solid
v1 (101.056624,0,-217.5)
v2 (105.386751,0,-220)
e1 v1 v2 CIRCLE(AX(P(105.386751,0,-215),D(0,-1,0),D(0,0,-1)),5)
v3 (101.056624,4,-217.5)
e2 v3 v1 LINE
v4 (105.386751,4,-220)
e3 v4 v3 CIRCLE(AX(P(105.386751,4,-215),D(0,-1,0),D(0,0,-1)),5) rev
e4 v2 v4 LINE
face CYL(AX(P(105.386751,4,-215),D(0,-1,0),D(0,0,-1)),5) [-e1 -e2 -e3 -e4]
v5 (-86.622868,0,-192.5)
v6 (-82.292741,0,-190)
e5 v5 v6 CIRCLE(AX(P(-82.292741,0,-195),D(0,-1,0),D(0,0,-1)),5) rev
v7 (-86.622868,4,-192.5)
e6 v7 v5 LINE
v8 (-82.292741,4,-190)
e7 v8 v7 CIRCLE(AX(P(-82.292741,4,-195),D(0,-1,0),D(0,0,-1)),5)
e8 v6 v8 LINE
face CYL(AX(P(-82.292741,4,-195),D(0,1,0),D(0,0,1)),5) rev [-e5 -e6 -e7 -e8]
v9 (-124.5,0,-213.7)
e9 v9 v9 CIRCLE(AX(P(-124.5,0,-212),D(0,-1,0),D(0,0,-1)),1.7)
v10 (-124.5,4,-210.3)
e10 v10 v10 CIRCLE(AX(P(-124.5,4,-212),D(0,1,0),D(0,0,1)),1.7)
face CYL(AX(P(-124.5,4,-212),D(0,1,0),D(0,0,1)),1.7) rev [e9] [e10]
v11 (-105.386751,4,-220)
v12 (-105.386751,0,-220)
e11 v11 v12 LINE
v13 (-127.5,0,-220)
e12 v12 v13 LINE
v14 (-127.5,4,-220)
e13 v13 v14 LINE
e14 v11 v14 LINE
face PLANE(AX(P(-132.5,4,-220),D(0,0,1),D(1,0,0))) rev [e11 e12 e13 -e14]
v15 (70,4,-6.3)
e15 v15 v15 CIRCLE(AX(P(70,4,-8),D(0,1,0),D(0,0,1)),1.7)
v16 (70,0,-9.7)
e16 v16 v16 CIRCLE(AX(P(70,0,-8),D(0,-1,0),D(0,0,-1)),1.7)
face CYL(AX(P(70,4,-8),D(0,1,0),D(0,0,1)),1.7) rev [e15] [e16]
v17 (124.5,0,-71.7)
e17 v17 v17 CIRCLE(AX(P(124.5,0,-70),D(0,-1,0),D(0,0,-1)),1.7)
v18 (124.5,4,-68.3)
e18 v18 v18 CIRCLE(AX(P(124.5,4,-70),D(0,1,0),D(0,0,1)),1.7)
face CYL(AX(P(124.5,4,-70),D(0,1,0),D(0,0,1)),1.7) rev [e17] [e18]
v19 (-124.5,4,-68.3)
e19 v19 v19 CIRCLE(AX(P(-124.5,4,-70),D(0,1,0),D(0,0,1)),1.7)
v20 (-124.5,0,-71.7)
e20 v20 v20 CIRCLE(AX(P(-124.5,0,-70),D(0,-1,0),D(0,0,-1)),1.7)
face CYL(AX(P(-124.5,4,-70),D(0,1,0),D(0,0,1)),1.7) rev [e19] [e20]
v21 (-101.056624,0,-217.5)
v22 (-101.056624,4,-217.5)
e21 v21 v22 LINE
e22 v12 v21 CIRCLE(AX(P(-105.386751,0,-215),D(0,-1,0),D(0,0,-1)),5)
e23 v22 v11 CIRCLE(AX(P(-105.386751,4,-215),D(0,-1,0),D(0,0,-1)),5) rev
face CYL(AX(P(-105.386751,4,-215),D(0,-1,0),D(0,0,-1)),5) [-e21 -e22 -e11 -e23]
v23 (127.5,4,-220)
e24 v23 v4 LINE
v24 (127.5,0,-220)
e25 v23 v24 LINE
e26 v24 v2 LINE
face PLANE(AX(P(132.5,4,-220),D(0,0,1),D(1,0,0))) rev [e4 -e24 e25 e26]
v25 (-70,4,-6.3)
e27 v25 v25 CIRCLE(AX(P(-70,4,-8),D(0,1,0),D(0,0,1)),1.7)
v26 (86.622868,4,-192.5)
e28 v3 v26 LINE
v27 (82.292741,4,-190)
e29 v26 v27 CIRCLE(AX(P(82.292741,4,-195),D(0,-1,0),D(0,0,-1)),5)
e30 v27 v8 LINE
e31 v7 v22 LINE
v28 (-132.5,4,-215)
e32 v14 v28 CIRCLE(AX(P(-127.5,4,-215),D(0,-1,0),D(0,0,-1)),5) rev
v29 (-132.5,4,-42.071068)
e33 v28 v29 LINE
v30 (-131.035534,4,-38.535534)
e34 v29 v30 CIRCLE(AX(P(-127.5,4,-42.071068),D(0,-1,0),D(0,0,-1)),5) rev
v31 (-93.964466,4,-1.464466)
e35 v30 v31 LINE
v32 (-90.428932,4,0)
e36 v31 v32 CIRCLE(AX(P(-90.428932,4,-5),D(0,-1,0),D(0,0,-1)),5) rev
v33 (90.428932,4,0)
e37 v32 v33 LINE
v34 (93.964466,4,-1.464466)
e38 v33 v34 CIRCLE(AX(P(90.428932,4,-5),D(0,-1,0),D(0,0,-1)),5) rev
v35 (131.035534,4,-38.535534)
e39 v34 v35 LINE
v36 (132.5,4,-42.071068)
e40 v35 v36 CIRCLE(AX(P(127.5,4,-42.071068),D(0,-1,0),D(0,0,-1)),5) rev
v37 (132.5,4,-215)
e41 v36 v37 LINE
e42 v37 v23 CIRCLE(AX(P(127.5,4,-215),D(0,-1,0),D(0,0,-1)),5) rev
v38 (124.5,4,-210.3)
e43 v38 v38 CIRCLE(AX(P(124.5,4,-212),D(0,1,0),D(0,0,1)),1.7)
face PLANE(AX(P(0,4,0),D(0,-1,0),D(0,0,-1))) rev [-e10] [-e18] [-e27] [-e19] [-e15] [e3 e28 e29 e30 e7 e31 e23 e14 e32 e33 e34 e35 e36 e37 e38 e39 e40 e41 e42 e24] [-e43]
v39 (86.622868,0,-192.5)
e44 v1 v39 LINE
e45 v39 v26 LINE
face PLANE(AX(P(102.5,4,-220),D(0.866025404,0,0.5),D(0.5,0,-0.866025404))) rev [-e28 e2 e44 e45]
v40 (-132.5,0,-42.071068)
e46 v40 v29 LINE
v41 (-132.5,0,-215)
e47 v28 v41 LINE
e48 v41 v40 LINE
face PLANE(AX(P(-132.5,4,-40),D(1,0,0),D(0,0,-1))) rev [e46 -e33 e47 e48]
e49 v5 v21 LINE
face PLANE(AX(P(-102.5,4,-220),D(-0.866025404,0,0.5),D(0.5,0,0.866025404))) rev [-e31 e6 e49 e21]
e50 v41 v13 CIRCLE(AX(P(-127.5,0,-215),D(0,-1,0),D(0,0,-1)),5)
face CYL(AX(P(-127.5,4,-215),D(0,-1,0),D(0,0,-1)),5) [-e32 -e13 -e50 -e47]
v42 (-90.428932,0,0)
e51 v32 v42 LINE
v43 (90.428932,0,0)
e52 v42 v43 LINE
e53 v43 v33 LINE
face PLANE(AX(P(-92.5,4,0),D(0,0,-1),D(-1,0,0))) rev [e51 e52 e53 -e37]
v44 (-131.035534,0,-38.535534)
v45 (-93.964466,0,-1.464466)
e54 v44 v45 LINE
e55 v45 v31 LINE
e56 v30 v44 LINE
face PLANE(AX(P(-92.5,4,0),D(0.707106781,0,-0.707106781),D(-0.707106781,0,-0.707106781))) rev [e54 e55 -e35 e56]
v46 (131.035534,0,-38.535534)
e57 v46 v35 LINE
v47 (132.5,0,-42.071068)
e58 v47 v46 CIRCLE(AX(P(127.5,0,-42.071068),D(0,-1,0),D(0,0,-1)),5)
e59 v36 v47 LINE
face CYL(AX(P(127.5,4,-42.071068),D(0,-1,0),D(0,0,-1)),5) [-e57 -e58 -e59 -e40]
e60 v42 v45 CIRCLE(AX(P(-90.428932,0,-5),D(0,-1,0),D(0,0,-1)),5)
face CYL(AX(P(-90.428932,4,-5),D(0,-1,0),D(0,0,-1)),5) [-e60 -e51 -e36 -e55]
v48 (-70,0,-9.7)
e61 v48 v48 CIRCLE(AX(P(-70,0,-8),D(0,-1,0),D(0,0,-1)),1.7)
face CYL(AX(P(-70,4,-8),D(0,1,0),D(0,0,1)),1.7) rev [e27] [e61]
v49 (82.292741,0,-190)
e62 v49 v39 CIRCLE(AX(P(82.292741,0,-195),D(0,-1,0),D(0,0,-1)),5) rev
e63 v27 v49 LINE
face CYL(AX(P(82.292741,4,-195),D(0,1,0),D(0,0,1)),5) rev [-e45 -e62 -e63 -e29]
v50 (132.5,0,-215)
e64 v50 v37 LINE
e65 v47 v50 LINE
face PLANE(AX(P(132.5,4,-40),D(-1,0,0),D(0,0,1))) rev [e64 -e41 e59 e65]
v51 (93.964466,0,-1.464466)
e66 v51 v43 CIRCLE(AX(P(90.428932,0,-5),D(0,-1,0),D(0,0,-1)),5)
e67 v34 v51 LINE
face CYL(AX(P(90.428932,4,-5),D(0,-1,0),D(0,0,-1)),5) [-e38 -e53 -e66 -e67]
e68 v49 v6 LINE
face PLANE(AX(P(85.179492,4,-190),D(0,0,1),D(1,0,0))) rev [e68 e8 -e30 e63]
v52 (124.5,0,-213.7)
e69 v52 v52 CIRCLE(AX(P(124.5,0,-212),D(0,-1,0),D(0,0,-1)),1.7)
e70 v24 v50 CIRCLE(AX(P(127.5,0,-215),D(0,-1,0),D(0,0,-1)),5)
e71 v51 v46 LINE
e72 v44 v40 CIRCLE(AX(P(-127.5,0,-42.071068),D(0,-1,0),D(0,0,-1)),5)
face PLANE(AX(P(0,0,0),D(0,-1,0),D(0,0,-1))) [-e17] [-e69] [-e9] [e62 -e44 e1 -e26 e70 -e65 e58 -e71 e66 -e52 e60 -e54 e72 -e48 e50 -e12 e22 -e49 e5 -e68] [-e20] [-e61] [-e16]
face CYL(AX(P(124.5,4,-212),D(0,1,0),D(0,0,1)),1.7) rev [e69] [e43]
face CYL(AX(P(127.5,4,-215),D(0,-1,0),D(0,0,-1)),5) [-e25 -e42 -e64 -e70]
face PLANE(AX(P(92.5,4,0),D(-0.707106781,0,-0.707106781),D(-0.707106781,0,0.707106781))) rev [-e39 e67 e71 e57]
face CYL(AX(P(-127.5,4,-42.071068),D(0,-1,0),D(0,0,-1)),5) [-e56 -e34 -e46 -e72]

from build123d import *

# Parameters (mm, degrees)
BOSS_EXTRU_1_DEPTH      = 4
ESQUISSE2_R             = 1
ENL_V_MAT_EXTRU_1_DEPTH = 257.850637531
D_GAGEMENT_M31_D        = 3.4
D_GAGEMENT_M31_DEPTH    = 10
D_GAGEMENT_M31_TIP      = 1.021463052
CONG_1_R                = 5


with BuildPart() as part:
    # Esquisse1 → Boss.-Extru.1 (new body)
    with BuildSketch(Plane(origin=(0, 0, 0), x_dir=(1, 0, 0), z_dir=(0, 1, 0))):
        Polygon((-92.5, 0), (92.5, 0), (132.5, 40), (132.5, 220), (102.5, 220), (85.179491924, 190), (-85.179491924, 190), (-102.5, 220), (-132.5, 220), (-132.5, 40), align=None)
    extrude(amount=BOSS_EXTRU_1_DEPTH)

    # Esquisse2 → Enlèv. mat.-Extru.1 (cut, through all)
    with BuildSketch(Plane(origin=(0, 4, 0), x_dir=(1, 0, 0), z_dir=(0, 1, 0))):
        with Locations(Location((70, 8, 0), (0, 0, 270))):
            Circle(ESQUISSE2_R)
        with Locations(Location((124.5, 70, 0), (0, 0, 270))):
            Circle(ESQUISSE2_R)
        with Locations(Location((124.5, 212, 0), (0, 0, 270))):
            Circle(ESQUISSE2_R)
        with Locations(Location((-70, 8, 0), (0, 0, 90))):
            Circle(ESQUISSE2_R)
        with Locations(Location((-124.5, 70, 0), (0, 0, 90))):
            Circle(ESQUISSE2_R)
        with Locations(Location((-124.5, 212, 0), (0, 0, 90))):
            Circle(ESQUISSE2_R)
    extrude(amount=-ENL_V_MAT_EXTRU_1_DEPTH, mode=Mode.SUBTRACT)

    # Dégagement M31
    with Locations(Plane(origin=(0, 4, 0), x_dir=(1, 0, 0), z_dir=(0, 1, 0))):
        with Locations((-70, 8), (70, 8), (124.5, 70), (124.5, 212), (-124.5, 212), (-124.5, 70)):
            Hole(D_GAGEMENT_M31_D / 2, depth=D_GAGEMENT_M31_DEPTH)
            with Locations((0, 0, -(D_GAGEMENT_M31_DEPTH + D_GAGEMENT_M31_TIP / 2))):  # 118° drill point
                Cone(0, D_GAGEMENT_M31_D / 2, D_GAGEMENT_M31_TIP, mode=Mode.SUBTRACT)

    # Congé1
    cong_1_edges = [part.edges().sort_by_distance(p)[0] for p in [
        (132.5, 2, -220),
        (132.5, 2, -40),
        (92.5, 2, 0),
        (-92.5, 2, 0),
        (-132.5, 2, -40),
        (-132.5, 2, -220),
        (-102.5, 2, -220),
        (-85.179491924, 2, -190),
        (85.179491924, 2, -190),
        (102.5, 2, -220),
    ]]
    fillet(cong_1_edges, radius=CONG_1_R)


solid = part.part
